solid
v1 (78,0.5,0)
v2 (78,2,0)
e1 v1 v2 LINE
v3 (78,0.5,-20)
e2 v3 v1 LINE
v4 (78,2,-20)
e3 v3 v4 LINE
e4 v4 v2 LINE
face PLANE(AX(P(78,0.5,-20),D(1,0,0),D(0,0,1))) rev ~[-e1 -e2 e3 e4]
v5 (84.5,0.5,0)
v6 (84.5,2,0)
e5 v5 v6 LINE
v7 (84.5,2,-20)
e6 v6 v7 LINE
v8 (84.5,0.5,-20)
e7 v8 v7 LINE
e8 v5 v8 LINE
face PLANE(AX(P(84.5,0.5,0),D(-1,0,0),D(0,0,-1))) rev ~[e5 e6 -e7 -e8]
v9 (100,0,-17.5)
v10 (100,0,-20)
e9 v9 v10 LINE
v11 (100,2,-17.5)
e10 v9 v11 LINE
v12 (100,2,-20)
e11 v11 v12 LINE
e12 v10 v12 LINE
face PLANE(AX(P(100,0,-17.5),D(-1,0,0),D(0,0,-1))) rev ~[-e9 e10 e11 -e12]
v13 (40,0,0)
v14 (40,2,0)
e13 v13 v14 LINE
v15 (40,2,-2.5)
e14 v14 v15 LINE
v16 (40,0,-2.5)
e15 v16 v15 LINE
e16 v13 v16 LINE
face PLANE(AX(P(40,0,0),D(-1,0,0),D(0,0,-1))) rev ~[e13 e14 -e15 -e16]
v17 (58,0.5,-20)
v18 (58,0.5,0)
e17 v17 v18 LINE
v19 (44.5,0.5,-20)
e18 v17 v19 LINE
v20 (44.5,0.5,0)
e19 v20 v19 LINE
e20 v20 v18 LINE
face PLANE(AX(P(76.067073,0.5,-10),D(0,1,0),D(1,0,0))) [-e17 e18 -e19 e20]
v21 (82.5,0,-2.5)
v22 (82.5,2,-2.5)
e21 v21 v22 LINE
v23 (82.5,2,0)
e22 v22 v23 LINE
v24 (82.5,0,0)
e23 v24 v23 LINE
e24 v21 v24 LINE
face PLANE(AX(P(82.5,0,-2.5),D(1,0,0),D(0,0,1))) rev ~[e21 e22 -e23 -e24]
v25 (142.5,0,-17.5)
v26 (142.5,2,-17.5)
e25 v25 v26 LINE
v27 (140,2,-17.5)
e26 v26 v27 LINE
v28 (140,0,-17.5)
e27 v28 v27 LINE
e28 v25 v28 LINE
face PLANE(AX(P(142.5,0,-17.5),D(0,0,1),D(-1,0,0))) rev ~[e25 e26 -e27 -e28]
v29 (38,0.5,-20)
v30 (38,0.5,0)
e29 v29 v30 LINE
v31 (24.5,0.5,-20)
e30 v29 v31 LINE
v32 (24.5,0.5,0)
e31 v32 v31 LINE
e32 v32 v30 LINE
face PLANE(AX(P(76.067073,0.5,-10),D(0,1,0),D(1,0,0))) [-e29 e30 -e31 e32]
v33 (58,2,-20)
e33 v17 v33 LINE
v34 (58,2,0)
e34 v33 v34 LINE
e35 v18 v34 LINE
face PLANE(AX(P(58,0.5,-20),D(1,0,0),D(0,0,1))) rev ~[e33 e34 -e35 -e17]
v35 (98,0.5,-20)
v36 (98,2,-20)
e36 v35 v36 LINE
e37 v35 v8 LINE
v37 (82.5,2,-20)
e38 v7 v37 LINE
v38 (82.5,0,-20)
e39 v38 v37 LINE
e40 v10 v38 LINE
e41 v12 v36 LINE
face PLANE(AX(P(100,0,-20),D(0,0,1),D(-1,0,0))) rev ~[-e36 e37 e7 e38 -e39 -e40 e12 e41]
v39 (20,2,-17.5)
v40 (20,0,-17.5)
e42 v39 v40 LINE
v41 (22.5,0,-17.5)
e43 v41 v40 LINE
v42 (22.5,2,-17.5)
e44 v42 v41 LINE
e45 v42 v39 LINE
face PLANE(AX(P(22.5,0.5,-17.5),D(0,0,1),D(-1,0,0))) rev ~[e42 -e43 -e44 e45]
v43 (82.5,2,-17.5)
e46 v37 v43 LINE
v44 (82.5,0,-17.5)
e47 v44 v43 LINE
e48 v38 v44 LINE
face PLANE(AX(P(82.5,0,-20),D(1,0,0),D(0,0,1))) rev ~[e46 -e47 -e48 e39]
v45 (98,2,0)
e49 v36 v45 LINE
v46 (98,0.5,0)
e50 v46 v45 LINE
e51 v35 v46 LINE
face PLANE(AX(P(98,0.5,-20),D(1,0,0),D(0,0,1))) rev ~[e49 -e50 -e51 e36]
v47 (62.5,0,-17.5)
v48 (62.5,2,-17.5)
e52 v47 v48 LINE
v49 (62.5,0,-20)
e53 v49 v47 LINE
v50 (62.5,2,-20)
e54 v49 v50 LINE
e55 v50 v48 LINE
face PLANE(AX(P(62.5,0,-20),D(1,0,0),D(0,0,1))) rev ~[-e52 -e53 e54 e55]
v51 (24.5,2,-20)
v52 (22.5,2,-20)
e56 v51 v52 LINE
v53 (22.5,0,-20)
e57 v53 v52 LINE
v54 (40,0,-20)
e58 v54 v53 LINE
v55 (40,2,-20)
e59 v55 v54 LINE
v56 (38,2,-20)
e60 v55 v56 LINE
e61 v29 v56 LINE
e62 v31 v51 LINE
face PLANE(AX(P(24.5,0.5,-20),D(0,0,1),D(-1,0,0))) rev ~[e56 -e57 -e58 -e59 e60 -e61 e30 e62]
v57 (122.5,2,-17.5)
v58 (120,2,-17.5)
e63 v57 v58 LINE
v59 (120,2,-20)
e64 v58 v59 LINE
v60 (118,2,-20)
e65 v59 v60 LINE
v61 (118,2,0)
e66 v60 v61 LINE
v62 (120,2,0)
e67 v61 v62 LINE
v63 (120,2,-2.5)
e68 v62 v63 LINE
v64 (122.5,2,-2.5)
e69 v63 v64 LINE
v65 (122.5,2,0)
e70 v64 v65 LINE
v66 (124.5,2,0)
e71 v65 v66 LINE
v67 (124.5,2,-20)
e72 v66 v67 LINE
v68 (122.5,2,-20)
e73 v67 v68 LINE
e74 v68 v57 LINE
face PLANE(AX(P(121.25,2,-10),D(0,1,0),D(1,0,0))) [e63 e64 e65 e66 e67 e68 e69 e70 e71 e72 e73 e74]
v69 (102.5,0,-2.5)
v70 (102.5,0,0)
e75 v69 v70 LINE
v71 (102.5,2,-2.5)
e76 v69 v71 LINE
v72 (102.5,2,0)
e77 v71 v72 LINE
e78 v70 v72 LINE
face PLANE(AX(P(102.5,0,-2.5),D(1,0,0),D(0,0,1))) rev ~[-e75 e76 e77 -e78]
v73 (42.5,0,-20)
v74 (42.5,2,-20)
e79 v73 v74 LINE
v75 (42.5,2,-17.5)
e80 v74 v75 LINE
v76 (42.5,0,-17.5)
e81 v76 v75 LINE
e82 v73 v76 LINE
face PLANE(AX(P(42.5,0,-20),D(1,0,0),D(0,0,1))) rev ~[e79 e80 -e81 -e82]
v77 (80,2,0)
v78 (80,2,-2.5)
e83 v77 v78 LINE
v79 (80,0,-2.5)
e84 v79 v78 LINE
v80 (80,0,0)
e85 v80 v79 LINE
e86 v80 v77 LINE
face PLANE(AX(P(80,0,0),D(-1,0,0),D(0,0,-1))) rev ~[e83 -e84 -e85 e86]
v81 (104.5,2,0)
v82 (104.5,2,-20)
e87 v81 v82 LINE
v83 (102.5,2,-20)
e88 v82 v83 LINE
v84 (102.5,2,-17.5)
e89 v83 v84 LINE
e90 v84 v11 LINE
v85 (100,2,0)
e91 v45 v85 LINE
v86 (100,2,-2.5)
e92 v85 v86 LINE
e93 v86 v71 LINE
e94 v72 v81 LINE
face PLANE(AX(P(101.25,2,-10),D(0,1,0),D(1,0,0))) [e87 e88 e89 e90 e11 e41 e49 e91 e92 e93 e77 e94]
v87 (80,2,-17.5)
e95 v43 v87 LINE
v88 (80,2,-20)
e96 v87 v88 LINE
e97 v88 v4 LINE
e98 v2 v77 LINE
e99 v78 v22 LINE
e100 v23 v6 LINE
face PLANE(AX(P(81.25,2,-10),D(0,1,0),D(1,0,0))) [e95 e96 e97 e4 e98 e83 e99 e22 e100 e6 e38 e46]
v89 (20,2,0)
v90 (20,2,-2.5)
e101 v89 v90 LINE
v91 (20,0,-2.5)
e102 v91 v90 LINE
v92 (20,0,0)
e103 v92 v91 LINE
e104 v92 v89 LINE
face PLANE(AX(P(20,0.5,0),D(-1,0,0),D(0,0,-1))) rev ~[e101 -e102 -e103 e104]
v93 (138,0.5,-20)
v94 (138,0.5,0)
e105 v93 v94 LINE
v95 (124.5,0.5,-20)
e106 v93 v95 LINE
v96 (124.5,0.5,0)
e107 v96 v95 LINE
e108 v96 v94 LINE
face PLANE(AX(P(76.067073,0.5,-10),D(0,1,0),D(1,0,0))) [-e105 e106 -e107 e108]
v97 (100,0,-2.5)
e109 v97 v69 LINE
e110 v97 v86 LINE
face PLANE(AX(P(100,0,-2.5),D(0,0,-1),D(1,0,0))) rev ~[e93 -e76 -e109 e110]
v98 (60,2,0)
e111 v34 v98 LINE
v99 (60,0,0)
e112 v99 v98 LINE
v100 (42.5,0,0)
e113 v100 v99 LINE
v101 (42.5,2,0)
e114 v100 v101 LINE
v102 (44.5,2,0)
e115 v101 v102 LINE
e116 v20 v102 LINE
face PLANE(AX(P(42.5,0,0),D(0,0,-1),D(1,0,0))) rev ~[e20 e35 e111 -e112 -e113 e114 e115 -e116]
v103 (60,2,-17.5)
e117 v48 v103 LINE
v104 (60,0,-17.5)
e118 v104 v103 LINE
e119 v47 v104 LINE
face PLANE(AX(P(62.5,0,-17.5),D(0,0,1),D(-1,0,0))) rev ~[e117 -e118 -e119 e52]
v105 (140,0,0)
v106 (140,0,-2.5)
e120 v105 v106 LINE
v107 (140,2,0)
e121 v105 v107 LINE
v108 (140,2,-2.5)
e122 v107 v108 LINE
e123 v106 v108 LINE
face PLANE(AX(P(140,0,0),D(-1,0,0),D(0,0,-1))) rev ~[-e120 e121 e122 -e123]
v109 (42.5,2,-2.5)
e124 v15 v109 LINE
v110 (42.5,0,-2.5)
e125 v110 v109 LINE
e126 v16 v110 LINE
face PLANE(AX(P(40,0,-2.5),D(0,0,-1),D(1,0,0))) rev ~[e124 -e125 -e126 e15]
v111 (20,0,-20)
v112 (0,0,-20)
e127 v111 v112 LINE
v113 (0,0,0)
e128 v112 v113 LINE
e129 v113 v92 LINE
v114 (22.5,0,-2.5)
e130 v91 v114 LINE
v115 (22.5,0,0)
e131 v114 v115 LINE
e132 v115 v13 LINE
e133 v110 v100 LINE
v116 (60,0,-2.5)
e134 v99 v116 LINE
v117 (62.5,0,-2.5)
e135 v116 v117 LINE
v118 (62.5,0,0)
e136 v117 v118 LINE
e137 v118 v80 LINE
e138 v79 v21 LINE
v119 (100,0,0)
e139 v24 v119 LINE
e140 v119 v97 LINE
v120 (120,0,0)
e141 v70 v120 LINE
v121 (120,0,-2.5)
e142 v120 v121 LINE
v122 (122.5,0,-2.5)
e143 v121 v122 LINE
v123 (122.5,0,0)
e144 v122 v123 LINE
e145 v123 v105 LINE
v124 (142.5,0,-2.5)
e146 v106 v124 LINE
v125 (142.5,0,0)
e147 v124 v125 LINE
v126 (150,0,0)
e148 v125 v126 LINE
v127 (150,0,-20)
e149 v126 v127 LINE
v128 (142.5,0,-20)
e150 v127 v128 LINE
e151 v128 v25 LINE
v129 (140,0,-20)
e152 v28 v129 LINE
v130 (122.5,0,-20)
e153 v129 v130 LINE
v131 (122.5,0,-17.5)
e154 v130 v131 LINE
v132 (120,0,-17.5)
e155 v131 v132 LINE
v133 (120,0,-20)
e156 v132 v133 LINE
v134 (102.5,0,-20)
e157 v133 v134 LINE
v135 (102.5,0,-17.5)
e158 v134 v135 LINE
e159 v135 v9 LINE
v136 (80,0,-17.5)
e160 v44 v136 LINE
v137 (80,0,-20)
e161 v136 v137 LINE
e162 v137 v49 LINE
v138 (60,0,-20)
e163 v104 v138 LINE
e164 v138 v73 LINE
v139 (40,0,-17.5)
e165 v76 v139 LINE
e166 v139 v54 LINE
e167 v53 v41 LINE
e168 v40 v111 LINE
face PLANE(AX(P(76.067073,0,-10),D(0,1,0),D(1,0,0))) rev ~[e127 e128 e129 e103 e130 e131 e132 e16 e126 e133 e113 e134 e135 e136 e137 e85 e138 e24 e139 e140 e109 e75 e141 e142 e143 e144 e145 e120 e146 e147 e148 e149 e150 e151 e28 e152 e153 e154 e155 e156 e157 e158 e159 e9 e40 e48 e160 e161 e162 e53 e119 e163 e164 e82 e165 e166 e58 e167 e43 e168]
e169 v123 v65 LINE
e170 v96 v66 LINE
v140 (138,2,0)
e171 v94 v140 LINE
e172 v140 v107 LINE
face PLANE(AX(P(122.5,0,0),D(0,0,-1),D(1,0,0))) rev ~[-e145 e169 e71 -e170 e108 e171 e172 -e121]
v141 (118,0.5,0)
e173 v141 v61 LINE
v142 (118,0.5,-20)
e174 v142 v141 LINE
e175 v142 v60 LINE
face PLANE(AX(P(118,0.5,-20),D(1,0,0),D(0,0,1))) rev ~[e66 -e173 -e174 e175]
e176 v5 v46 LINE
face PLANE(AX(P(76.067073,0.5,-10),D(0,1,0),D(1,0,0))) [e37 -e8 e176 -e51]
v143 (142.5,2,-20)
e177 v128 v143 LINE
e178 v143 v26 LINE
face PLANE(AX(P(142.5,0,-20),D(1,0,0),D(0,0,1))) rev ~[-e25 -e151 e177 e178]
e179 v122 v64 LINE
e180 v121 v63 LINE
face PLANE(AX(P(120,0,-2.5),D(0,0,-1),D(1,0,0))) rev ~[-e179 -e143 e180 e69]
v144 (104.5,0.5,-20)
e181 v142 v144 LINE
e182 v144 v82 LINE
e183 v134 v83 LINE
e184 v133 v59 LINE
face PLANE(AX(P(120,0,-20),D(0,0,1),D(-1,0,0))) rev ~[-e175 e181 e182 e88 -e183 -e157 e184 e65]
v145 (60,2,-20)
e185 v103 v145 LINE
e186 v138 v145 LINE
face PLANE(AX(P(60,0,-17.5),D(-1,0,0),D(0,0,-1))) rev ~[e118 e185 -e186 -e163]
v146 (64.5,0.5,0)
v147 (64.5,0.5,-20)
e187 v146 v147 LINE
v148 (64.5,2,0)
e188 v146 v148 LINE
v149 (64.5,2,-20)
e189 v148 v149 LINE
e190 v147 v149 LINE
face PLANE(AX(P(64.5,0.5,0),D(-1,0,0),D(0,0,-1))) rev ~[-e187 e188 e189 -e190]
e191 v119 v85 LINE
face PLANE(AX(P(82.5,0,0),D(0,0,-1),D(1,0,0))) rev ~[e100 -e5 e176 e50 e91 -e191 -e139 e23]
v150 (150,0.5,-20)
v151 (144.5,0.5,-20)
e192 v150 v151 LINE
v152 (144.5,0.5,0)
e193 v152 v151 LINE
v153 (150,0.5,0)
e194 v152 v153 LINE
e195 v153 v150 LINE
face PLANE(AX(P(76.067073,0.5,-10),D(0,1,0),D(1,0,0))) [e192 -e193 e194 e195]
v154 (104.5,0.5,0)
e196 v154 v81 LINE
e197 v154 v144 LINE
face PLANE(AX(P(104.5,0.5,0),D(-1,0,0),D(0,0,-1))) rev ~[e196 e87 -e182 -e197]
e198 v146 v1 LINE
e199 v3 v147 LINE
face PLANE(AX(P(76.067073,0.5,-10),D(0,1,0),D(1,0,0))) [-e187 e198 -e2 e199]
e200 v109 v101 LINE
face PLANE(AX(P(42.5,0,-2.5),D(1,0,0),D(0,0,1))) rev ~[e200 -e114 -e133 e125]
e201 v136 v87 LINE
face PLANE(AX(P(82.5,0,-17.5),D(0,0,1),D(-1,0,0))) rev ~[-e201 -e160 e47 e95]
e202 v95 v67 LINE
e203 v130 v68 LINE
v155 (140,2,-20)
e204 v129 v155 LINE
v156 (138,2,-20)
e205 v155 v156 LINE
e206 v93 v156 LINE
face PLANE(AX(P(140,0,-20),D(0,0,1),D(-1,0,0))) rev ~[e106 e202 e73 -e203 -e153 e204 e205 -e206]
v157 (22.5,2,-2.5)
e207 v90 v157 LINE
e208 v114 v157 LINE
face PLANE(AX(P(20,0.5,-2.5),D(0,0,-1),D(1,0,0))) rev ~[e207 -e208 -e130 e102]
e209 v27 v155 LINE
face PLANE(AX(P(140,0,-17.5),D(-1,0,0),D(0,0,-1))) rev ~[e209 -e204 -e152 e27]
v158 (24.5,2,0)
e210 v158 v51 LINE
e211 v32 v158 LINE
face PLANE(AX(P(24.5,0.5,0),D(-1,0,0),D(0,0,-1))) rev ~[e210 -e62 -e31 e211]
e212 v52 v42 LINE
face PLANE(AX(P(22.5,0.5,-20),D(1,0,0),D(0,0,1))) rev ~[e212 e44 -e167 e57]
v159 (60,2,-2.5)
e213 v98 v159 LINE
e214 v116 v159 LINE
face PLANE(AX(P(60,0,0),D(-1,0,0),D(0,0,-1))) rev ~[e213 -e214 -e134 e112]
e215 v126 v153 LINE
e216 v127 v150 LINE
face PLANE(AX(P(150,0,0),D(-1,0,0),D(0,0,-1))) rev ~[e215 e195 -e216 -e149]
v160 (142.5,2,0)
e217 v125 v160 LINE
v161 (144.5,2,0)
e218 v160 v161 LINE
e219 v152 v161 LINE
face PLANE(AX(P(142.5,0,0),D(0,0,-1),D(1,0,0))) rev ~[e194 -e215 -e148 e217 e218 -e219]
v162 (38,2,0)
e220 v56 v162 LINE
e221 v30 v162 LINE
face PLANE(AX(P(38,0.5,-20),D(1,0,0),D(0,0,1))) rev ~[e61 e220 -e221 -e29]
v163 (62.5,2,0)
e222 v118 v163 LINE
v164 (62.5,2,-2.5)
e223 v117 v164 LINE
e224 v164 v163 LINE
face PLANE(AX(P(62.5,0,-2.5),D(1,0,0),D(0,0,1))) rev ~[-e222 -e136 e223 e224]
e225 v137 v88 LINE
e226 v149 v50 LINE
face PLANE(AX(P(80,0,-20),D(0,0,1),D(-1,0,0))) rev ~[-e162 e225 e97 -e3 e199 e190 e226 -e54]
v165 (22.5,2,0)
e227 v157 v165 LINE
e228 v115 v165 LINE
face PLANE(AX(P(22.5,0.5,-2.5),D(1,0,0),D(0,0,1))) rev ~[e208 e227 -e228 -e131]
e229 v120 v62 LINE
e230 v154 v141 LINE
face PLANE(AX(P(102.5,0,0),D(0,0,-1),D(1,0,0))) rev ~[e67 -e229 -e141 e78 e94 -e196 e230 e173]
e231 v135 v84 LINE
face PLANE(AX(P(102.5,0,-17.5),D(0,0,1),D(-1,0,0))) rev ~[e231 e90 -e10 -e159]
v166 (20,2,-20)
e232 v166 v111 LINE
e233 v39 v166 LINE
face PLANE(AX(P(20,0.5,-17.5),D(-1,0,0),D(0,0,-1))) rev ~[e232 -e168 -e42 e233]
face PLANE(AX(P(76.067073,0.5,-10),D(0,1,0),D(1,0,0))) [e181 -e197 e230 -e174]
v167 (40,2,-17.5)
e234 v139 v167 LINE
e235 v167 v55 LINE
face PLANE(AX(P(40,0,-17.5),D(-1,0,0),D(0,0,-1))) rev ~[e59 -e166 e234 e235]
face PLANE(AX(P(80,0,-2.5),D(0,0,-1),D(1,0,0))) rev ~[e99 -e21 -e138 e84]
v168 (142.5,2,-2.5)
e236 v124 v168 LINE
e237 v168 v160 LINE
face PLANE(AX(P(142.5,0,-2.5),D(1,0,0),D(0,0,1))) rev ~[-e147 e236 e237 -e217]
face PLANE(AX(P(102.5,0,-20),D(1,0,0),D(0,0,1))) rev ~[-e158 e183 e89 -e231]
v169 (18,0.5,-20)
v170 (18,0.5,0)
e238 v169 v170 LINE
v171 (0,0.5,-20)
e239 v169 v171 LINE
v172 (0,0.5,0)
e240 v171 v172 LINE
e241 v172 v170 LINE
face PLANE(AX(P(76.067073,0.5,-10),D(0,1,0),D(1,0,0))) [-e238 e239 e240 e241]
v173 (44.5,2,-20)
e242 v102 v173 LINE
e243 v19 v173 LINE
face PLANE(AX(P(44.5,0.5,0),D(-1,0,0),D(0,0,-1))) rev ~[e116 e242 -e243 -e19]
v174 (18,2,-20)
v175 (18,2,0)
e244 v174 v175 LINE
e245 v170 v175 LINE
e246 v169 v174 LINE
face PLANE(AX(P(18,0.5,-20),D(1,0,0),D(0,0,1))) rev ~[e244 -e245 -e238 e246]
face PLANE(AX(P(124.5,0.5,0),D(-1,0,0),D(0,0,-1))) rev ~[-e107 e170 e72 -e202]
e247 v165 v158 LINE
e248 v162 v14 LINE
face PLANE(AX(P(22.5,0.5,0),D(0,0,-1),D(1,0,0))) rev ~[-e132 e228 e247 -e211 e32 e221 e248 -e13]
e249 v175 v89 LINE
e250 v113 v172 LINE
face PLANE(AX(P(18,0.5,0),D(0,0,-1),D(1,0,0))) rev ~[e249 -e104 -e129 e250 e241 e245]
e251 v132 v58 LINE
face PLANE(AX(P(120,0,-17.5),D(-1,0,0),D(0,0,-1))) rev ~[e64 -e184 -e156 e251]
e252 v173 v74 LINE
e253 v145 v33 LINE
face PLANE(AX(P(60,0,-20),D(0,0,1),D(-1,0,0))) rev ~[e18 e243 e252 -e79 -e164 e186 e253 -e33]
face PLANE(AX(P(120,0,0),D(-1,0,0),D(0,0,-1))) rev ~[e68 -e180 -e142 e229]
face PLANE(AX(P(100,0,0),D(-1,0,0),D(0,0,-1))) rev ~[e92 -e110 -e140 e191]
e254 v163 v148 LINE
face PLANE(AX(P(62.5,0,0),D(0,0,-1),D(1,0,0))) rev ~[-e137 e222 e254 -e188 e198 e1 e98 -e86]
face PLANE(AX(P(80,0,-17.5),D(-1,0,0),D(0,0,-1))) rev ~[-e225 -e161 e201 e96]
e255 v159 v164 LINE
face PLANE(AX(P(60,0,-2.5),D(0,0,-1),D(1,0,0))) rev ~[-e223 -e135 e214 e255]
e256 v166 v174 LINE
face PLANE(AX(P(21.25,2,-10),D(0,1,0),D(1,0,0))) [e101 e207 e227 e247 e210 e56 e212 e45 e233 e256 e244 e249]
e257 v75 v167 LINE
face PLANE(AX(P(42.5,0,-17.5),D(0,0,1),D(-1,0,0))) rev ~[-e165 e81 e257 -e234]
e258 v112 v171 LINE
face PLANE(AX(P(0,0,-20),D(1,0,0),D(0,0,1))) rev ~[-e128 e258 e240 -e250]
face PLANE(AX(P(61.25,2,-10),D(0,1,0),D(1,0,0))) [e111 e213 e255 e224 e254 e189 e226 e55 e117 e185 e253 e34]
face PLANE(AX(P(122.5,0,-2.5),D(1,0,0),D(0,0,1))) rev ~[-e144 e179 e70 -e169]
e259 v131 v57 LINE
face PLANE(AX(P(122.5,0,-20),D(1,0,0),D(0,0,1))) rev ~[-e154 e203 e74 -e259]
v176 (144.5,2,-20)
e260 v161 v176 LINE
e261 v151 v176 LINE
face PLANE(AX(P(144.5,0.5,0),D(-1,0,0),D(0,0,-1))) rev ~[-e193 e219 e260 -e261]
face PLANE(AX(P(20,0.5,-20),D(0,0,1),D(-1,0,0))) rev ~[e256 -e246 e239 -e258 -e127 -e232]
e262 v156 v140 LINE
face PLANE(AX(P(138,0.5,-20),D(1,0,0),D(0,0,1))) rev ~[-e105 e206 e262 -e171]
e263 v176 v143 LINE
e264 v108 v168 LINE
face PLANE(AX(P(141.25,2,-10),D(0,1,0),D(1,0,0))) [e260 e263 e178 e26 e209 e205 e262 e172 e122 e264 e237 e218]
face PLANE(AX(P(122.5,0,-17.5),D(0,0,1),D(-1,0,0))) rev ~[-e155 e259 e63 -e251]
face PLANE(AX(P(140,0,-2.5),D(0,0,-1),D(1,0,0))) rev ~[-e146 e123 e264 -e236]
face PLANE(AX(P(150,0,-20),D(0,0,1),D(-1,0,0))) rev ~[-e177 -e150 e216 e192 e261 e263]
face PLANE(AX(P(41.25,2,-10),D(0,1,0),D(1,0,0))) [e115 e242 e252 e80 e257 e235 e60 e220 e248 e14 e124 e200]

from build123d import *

# Parameters (mm, degrees)
BOSS_EXTRUDE1_DEPTH = 0.5
BOSS_EXTRUDE2_DEPTH = 1.5


with BuildPart() as part:
    # Sketch1 → Boss-Extrude1 (new body)
    with BuildSketch(Plane(origin=(0, 0, 0), x_dir=(1, 0, 0), z_dir=(0, 1, 0))):
        Polygon((40, 0), (40, 2.5), (42.5, 2.5), (42.5, 0), (60, 0), (60, 2.5), (62.5, 2.5), (62.5, 0), (80, 0), (80, 2.5), (82.5, 2.5), (82.5, 0), (100, 0), (100, 2.5), (102.5, 2.5), (102.5, 0), (120, 0), (120, 2.5), (122.5, 2.5), (122.5, 0), (140, 0), (140, 2.5), (142.5, 2.5), (142.5, 0), (150, 0), (150, 20), (142.5, 20), (142.5, 17.5), (140, 17.5), (140, 20), (122.5, 20), (122.5, 17.5), (120, 17.5), (120, 20), (102.5, 20), (102.5, 17.5), (100, 17.5), (100, 20), (82.5, 20), (82.5, 17.5), (80, 17.5), (80, 20), (62.5, 20), (62.5, 17.5), (60, 17.5), (60, 20), (42.5, 20), (42.5, 17.5), (40, 17.5), (40, 20), (22.5, 20), (22.5, 17.5), (20, 17.5), (20, 20), (0, 20), (0, 0), (20, 0), (20, 2.5), (22.5, 2.5), (22.5, 0), align=None)
    extrude(amount=BOSS_EXTRUDE1_DEPTH)

    # Sketch2 → Boss-Extrude2 (add)
    with BuildSketch(Plane(origin=(0, 0.5, 0), x_dir=(1, 0, 0), z_dir=(0, 1, 0))):
        Polygon((20, 20), (18, 20), (18, 0), (20, 0), (20, 2.5), (22.5, 2.5), (22.5, 0), (24.5, 0), (24.5, 20), (22.5, 20), (22.5, 17.5), (20, 17.5), align=None)
        Polygon((40, 17.5), (40, 20), (38, 20), (38, 0), (40, 0), (40, 2.5), (42.5, 2.5), (42.5, 0), (44.5, 0), (44.5, 20), (42.5, 20), (42.5, 17.5), align=None)
        Polygon((60, 17.5), (60, 20), (58, 20), (58, 0), (60, 0), (60, 2.5), (62.5, 2.5), (62.5, 0), (64.5, 0), (64.5, 20), (62.5, 20), (62.5, 17.5), align=None)
        Polygon((80, 17.5), (80, 20), (78, 20), (78, 0), (80, 0), (80, 2.5), (82.5, 2.5), (82.5, 0), (84.5, 0), (84.5, 20), (82.5, 20), (82.5, 17.5), align=None)
        Polygon((100, 17.5), (100, 20), (98, 20), (98, 0), (100, 0), (100, 2.5), (102.5, 2.5), (102.5, 0), (104.5, 0), (104.5, 20), (102.5, 20), (102.5, 17.5), align=None)
        Polygon((120, 17.5), (120, 20), (118, 20), (118, 0), (120, 0), (120, 2.5), (122.5, 2.5), (122.5, 0), (124.5, 0), (124.5, 20), (122.5, 20), (122.5, 17.5), align=None)
        Polygon((140, 17.5), (140, 20), (138, 20), (138, 0), (140, 0), (140, 2.5), (142.5, 2.5), (142.5, 0), (144.5, 0), (144.5, 20), (142.5, 20), (142.5, 17.5), align=None)
    extrude(amount=BOSS_EXTRUDE2_DEPTH)


solid = part.part
